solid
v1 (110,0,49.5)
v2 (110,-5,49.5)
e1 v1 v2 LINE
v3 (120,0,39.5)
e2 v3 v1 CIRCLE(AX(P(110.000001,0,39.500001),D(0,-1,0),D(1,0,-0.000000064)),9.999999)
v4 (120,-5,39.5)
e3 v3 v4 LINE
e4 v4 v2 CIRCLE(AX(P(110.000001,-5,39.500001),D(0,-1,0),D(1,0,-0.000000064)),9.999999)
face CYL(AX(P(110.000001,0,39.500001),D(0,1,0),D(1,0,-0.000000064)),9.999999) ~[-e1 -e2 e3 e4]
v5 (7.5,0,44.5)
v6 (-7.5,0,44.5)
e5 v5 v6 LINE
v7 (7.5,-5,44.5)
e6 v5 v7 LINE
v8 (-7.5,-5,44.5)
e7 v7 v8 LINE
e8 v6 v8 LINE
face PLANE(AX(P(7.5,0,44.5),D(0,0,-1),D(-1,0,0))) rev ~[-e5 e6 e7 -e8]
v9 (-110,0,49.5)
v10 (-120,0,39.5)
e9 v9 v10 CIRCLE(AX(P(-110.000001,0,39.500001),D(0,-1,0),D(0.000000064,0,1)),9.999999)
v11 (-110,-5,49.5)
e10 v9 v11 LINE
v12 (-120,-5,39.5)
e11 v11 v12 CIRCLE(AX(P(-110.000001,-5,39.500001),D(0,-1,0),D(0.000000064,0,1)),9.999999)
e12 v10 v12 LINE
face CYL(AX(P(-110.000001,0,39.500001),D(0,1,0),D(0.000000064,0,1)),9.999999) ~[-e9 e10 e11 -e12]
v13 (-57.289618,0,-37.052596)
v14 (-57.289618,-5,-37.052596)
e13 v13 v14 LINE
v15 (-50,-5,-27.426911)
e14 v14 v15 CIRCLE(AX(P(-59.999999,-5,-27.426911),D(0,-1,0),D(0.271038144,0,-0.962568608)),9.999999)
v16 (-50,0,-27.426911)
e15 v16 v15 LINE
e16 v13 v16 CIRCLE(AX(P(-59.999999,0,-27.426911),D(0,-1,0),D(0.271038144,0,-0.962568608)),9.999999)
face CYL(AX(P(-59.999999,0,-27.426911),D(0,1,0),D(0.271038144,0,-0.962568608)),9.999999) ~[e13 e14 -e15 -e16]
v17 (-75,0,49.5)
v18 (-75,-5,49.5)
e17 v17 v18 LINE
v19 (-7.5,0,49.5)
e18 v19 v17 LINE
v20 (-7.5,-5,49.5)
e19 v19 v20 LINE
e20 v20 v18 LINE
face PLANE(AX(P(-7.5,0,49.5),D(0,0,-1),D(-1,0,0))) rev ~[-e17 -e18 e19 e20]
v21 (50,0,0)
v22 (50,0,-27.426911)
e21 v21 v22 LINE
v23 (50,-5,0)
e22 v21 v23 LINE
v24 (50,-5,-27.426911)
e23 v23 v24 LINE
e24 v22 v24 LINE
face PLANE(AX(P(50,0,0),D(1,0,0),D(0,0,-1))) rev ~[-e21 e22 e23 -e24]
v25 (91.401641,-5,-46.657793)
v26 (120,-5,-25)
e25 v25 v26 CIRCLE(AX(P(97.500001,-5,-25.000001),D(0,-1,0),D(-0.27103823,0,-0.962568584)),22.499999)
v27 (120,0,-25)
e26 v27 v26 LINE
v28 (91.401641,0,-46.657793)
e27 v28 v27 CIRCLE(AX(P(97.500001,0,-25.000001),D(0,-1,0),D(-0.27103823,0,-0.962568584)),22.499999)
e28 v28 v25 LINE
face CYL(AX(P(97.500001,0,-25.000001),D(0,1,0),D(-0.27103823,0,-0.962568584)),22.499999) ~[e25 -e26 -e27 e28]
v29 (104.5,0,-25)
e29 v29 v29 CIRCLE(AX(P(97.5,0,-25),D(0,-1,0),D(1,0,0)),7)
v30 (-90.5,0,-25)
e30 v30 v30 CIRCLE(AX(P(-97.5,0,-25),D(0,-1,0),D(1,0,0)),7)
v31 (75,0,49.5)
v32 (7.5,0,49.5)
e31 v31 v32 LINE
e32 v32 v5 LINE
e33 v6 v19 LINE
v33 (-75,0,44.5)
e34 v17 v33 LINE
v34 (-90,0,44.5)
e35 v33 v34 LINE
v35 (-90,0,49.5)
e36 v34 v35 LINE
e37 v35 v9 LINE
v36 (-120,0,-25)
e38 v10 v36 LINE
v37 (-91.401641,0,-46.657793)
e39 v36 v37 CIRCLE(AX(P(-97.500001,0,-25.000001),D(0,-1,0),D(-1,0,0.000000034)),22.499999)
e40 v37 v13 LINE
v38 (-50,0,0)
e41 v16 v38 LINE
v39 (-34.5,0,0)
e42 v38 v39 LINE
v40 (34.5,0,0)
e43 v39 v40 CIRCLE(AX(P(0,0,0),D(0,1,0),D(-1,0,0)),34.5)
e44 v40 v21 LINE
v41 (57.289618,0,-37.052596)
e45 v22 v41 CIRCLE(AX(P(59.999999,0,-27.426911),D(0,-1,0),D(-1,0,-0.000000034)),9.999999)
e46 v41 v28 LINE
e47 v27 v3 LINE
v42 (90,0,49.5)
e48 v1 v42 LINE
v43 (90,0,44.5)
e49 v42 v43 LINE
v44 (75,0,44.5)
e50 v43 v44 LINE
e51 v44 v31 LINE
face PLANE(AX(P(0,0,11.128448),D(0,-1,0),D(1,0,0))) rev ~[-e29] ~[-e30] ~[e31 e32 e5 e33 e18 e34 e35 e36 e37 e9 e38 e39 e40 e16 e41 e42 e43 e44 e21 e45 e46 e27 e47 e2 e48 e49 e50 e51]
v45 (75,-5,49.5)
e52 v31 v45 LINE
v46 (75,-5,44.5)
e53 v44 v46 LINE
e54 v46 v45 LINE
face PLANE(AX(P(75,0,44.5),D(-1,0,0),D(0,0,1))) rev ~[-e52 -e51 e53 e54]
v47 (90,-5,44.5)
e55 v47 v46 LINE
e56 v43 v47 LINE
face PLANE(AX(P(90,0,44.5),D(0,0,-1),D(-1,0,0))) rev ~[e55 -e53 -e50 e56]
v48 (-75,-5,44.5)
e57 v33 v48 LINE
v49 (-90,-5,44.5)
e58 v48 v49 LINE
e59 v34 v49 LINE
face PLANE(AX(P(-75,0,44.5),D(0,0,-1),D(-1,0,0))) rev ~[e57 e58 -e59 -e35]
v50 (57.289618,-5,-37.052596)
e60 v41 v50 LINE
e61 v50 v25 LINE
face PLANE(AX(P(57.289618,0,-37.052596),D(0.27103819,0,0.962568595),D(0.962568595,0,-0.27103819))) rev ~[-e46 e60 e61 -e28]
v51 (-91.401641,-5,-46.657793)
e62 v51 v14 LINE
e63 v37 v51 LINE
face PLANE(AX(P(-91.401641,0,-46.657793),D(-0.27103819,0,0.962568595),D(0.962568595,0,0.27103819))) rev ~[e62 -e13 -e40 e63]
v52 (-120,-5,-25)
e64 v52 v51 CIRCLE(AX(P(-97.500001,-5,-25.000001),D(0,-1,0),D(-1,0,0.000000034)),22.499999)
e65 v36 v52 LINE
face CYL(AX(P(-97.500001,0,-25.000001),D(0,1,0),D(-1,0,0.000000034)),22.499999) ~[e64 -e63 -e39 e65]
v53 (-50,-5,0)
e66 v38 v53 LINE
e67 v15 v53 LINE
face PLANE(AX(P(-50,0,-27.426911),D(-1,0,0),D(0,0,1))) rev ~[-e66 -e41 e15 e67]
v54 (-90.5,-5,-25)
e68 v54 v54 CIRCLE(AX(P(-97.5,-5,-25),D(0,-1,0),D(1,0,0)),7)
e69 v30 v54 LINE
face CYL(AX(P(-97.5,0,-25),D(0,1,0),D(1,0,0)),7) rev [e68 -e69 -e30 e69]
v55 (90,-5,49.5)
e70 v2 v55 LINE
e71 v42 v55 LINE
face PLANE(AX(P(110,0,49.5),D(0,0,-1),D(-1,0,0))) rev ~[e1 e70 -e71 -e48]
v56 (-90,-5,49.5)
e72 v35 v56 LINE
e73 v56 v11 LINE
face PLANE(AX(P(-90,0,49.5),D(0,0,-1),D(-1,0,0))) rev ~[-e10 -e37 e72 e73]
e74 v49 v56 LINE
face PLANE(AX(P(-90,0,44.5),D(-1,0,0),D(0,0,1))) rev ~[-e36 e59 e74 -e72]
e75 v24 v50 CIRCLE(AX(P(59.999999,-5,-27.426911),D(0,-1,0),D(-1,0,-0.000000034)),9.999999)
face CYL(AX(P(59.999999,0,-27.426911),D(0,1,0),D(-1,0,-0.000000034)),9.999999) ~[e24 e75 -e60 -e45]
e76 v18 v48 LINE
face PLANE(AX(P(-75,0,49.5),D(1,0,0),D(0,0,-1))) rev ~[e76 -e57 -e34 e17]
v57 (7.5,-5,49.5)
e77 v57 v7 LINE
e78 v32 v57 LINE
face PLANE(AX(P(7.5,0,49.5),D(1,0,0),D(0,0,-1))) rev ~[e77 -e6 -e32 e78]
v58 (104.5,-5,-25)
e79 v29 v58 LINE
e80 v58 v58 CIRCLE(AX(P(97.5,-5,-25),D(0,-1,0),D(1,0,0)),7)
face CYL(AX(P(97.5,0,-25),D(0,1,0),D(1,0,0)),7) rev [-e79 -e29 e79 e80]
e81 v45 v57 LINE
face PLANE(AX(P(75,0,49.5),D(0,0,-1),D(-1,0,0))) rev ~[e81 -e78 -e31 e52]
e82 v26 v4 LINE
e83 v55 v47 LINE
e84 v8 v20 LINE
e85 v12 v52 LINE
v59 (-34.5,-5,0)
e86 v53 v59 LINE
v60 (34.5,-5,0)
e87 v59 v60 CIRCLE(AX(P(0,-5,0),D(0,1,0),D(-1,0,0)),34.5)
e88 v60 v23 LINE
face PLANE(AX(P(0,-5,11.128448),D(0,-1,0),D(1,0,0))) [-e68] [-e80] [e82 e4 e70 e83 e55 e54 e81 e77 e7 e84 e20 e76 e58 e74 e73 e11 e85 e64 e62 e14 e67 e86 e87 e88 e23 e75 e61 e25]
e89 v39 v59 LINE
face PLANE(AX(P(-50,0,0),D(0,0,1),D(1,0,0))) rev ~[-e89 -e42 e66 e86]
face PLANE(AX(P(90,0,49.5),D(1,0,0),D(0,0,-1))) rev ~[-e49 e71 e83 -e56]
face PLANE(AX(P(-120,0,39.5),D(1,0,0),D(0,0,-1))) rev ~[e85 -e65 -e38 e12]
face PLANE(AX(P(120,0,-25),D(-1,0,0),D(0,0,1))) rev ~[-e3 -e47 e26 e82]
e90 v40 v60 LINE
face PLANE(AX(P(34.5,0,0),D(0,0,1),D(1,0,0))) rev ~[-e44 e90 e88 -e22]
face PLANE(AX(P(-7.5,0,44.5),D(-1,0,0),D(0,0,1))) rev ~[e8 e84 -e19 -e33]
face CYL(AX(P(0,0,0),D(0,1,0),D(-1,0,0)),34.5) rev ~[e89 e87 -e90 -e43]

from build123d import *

# Parameters (mm, degrees)
F0_R     = 7
F1_DEPTH = 5


with BuildPart() as f1:
    # F0 (on Front) → F1 (new body)
    with BuildSketch(Plane.XZ):
        with BuildLine():
            ThreePointArc((-34.5, 0), (0, 34.5), (34.5, 0))
            Line((34.5, 0), (50, 0))
            Line((50, 0), (50, -27.426911))
            ThreePointArc((50, -27.426911), (52.028055, -33.464136), (57.289618, -37.052596))
            Line((57.289618, -37.052596), (91.401641, -46.657793))
            ThreePointArc((91.401641, -46.657793), (111.083757, -42.936877), (120, -25))
            Line((120, -25), (120, 39.5))
            ThreePointArc((120, 39.5), (117.071068, 46.571068), (110, 49.5))
            Line((110, 49.5), (90, 49.5))
            Line((90, 49.5), (90, 44.5))
            Line((90, 44.5), (75, 44.5))
            Line((75, 44.5), (75, 49.5))
            Line((75, 49.5), (7.5, 49.5))
            Line((7.5, 49.5), (7.5, 44.5))
            Line((7.5, 44.5), (-7.5, 44.5))
            Line((-7.5, 44.5), (-7.5, 49.5))
            Line((-7.5, 49.5), (-75, 49.5))
            Line((-75, 49.5), (-75, 44.5))
            Line((-75, 44.5), (-90, 44.5))
            Line((-90, 44.5), (-90, 49.5))
            Line((-90, 49.5), (-110, 49.5))
            ThreePointArc((-110, 49.5), (-117.071068, 46.571068), (-120, 39.5))
            Line((-120, 39.5), (-120, -25))
            ThreePointArc((-120, -25), (-111.083757, -42.936877), (-91.401641, -46.657793))
            Line((-91.401641, -46.657793), (-57.289618, -37.052596))
            ThreePointArc((-57.289618, -37.052596), (-52.028055, -33.464136), (-50, -27.426911))
            Line((-50, -27.426911), (-50, 0))
            Line((-50, 0), (-34.5, 0))
        make_face()
        with Locations((-97.5, -25)):
            Circle(F0_R, mode=Mode.SUBTRACT)
        with Locations((97.5, -25)):
            Circle(F0_R, mode=Mode.SUBTRACT)
    extrude(amount=F1_DEPTH)


solid = f1.part
